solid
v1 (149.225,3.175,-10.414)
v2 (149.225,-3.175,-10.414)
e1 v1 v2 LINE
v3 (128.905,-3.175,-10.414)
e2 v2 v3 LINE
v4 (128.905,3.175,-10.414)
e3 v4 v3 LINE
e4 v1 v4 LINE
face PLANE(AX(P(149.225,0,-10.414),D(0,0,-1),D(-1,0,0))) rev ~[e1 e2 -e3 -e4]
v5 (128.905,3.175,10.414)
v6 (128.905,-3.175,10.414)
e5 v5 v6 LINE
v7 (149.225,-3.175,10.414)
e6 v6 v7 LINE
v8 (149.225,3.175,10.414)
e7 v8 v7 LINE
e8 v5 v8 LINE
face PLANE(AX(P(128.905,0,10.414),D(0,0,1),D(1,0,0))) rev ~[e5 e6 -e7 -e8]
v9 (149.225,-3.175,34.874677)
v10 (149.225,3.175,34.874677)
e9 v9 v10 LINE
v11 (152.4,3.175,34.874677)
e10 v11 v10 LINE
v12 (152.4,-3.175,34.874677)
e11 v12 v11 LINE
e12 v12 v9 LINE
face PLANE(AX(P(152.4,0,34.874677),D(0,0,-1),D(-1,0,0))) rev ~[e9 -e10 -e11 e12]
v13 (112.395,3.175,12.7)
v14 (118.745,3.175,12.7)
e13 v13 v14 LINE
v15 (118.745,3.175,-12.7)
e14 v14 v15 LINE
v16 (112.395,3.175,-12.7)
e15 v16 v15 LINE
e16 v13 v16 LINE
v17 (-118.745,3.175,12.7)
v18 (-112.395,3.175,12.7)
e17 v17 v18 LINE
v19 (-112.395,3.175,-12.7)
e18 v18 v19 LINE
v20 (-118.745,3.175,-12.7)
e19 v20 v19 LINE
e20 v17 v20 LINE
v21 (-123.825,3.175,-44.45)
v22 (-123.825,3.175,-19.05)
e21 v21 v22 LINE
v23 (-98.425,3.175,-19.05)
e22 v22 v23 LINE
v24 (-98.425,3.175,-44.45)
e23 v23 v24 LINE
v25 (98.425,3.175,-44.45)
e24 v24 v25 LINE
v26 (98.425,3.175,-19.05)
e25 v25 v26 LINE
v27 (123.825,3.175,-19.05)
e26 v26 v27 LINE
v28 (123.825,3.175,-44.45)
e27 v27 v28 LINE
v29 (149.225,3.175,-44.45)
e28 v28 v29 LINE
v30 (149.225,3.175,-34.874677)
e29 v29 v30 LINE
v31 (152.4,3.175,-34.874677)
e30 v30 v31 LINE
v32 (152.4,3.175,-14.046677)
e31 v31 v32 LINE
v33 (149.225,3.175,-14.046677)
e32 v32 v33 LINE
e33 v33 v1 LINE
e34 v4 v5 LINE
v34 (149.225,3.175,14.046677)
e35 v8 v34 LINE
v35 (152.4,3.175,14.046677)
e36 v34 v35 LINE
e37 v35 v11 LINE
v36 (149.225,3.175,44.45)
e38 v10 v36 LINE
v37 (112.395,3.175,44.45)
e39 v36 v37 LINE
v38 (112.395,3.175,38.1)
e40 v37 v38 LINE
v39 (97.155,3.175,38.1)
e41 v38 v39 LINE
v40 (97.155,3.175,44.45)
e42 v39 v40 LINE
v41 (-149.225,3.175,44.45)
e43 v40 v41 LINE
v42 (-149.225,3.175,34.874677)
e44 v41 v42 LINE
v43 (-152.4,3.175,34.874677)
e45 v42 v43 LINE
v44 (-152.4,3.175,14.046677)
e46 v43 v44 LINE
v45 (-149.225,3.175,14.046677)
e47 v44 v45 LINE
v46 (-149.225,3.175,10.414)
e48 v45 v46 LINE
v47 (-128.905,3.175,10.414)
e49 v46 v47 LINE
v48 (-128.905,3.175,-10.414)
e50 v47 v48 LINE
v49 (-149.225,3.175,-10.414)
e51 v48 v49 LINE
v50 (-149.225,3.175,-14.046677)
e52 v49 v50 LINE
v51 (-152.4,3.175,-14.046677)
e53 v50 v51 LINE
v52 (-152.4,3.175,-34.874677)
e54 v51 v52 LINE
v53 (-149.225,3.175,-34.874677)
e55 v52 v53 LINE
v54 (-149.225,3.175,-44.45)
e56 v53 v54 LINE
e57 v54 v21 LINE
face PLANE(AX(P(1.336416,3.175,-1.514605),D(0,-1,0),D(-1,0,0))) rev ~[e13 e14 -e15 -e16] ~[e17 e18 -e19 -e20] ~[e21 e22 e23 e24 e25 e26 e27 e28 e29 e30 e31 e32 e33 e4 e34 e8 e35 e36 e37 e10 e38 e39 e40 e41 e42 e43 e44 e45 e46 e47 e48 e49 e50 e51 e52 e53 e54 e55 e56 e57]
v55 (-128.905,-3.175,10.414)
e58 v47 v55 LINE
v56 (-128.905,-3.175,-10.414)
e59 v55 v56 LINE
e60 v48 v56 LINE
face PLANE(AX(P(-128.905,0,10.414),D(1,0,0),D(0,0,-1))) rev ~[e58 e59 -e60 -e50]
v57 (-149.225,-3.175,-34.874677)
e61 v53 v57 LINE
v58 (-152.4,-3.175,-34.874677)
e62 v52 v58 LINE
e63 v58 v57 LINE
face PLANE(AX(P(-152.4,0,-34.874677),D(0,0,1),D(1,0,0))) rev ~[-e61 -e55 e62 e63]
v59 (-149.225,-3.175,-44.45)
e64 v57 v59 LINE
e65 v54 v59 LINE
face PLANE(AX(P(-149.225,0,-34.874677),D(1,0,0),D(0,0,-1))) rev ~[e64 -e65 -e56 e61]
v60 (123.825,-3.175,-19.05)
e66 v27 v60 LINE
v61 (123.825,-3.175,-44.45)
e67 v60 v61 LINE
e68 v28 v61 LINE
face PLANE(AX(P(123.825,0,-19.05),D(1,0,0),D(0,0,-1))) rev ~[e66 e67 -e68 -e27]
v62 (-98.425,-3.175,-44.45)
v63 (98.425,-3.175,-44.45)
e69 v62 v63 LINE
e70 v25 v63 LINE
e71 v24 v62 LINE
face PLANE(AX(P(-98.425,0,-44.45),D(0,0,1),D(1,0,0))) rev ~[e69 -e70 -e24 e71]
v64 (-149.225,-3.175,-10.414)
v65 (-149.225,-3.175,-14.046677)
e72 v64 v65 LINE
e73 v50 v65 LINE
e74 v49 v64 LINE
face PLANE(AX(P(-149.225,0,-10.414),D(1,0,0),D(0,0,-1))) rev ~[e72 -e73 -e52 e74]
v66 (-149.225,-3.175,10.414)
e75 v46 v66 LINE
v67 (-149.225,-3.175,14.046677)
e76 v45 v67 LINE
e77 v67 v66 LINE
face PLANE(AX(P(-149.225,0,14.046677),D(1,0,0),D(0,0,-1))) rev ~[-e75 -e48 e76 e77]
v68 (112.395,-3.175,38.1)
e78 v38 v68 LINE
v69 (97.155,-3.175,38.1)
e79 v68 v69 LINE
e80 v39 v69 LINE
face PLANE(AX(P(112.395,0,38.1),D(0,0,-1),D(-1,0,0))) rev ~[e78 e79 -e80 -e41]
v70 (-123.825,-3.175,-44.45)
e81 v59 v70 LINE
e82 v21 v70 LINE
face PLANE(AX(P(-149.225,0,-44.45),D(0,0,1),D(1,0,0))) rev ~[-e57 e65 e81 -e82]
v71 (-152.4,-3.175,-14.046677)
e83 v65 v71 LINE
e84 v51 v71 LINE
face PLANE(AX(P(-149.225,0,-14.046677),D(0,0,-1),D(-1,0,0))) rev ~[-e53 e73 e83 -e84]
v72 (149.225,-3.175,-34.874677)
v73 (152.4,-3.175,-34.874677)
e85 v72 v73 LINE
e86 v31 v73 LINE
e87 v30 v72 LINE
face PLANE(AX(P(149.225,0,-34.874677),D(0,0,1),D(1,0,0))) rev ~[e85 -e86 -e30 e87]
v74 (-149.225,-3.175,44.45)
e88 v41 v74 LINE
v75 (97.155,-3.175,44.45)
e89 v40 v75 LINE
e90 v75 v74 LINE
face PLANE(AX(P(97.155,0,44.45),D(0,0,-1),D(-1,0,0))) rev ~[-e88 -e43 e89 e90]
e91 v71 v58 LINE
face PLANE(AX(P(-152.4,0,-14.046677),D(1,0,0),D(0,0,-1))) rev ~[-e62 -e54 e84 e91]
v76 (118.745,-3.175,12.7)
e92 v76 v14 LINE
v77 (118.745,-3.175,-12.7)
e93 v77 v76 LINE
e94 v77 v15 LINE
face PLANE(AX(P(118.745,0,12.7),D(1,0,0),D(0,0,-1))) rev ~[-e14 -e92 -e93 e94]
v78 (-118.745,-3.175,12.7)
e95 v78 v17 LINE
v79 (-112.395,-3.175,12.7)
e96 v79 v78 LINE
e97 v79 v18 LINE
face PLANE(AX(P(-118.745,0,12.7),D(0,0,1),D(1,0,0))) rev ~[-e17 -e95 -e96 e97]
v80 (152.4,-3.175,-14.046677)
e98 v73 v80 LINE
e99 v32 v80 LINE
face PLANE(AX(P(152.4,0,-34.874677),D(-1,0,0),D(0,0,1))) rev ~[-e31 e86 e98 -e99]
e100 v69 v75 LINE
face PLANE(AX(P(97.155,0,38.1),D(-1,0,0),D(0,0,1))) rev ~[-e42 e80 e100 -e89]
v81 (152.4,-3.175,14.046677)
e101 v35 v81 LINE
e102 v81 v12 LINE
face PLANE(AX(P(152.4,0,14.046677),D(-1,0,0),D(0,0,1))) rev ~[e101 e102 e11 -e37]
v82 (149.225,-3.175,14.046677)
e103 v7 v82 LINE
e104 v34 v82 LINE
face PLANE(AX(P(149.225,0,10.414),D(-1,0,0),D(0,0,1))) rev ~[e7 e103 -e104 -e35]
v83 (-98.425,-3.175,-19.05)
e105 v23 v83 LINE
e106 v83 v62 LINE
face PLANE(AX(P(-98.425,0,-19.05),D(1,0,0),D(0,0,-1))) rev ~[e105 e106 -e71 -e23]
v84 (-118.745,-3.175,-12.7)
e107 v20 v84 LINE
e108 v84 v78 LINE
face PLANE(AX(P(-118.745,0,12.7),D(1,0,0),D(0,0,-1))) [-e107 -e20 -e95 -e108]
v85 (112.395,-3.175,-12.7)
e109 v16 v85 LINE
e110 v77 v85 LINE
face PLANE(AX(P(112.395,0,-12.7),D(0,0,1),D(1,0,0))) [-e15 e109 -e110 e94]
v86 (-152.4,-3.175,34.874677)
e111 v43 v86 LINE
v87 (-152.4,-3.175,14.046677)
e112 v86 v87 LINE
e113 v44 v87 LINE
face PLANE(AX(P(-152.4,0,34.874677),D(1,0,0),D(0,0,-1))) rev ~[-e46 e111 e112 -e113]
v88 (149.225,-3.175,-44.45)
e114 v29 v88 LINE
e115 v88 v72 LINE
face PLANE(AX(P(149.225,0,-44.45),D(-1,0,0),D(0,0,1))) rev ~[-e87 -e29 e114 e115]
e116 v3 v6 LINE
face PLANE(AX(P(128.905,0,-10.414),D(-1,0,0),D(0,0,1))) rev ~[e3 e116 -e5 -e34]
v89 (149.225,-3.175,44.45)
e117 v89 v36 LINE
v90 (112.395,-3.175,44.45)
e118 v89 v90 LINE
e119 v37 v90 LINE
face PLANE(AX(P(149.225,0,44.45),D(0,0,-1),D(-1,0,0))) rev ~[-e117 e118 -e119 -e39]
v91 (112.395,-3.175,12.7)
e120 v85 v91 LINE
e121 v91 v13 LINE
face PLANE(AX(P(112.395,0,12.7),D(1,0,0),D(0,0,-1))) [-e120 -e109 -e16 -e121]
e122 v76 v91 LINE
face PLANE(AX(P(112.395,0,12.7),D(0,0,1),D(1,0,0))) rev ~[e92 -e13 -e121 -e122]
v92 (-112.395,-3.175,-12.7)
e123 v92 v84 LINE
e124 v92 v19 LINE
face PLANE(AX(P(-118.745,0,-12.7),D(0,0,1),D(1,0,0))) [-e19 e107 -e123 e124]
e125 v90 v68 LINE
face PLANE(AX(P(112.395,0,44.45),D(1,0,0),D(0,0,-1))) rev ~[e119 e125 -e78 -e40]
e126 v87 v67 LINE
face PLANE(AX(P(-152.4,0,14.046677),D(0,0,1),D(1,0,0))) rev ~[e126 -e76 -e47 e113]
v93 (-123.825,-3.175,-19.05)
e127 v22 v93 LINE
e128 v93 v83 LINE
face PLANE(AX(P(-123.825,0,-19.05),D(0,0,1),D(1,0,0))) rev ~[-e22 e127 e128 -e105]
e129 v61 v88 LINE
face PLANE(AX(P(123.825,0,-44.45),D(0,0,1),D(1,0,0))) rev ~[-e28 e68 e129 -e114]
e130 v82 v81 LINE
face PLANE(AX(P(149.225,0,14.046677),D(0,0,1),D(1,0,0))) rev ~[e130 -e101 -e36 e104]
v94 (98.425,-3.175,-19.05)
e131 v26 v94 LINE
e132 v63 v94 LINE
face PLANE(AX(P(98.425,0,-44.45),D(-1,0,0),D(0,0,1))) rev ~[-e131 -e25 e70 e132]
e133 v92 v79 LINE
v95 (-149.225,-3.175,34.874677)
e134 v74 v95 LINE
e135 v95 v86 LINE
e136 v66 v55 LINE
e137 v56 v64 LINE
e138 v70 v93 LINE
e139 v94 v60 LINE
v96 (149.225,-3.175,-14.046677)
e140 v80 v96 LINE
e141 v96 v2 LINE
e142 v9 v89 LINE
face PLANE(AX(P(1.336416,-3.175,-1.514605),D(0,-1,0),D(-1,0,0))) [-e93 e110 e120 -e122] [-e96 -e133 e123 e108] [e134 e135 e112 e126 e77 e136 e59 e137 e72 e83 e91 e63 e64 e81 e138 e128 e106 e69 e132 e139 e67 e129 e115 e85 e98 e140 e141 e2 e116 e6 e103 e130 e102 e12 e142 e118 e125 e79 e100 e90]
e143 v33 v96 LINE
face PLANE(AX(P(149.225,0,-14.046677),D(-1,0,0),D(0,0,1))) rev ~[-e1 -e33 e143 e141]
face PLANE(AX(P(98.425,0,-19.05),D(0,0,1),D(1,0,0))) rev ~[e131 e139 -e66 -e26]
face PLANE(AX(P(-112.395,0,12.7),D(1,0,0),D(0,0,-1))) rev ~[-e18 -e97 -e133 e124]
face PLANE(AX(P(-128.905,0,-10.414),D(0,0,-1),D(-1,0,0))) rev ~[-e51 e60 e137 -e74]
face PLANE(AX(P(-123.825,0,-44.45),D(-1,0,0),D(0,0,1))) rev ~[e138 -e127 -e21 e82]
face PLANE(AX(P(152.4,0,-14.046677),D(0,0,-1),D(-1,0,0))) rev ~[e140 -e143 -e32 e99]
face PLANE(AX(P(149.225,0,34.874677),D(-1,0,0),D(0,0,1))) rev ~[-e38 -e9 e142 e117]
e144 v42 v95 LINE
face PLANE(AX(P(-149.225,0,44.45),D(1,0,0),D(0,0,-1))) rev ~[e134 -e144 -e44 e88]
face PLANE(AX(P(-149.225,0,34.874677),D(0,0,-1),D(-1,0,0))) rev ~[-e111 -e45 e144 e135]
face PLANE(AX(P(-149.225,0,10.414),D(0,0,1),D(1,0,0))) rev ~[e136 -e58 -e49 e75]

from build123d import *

# Parameters (mm, degrees)
BOSS_EXTRUDE1_DEPTH     = 3.175
SKETCH2_W               = 6.35
SKETCH2_H               = 25.4
CUT_EXTRUDE1_DEPTH      = 4.175
CUT_EXTRUDE1_DEPTH_BACK = 4.175


with BuildPart() as part:
    # Sketch1 → Boss-Extrude1 (new body, symmetric)
    with BuildSketch(Plane(origin=(0, 0, 0), x_dir=(1, 0, 0), z_dir=(0, 1, 0))):
        Polygon((149.225, -44.45), (112.395, -44.45), (112.395, -38.1), (97.155, -38.1), (97.155, -44.45), (-149.225, -44.45), (-149.225, -34.874677354), (-152.4, -34.874677354), (-152.4, -14.046677354), (-149.225, -14.046677354), (-149.225, -10.414), (-128.905, -10.414), (-128.905, 10.414), (-149.225, 10.414), (-149.225, 14.046677354), (-152.4, 14.046677354), (-152.4, 34.874677354), (-149.225, 34.874677354), (-149.225, 44.45), (-123.825, 44.45), (-123.825, 19.05), (-98.425, 19.05), (-98.425, 44.45), (98.425, 44.45), (98.425, 19.05), (123.825, 19.05), (123.825, 44.45), (149.225, 44.45), (149.225, 34.874677354), (152.4, 34.874677354), (152.4, 14.046677354), (149.225, 14.046677354), (149.225, 10.414), (128.905, 10.414), (128.905, -10.414), (149.225, -10.414), (149.225, -14.046677354), (152.4, -14.046677354), (152.4, -34.874677354), (149.225, -34.874677354), align=None)
    extrude(amount=BOSS_EXTRUDE1_DEPTH, both=True)

    # Sketch2 → Cut-Extrude1 (cut, two sides)
    with BuildSketch(Plane(origin=(0, 0, 0), x_dir=(1, 0, 0), z_dir=(0, 1, 0))) as cut_extrude1_sk:
        with Locations((115.57, 0)):
            Rectangle(SKETCH2_W, SKETCH2_H)
        with Locations((-115.57, 0)):
            Rectangle(SKETCH2_W, SKETCH2_H)
    extrude(amount=CUT_EXTRUDE1_DEPTH, mode=Mode.SUBTRACT)
    extrude(cut_extrude1_sk.sketch, amount=-CUT_EXTRUDE1_DEPTH_BACK, mode=Mode.SUBTRACT)


solid = part.part
